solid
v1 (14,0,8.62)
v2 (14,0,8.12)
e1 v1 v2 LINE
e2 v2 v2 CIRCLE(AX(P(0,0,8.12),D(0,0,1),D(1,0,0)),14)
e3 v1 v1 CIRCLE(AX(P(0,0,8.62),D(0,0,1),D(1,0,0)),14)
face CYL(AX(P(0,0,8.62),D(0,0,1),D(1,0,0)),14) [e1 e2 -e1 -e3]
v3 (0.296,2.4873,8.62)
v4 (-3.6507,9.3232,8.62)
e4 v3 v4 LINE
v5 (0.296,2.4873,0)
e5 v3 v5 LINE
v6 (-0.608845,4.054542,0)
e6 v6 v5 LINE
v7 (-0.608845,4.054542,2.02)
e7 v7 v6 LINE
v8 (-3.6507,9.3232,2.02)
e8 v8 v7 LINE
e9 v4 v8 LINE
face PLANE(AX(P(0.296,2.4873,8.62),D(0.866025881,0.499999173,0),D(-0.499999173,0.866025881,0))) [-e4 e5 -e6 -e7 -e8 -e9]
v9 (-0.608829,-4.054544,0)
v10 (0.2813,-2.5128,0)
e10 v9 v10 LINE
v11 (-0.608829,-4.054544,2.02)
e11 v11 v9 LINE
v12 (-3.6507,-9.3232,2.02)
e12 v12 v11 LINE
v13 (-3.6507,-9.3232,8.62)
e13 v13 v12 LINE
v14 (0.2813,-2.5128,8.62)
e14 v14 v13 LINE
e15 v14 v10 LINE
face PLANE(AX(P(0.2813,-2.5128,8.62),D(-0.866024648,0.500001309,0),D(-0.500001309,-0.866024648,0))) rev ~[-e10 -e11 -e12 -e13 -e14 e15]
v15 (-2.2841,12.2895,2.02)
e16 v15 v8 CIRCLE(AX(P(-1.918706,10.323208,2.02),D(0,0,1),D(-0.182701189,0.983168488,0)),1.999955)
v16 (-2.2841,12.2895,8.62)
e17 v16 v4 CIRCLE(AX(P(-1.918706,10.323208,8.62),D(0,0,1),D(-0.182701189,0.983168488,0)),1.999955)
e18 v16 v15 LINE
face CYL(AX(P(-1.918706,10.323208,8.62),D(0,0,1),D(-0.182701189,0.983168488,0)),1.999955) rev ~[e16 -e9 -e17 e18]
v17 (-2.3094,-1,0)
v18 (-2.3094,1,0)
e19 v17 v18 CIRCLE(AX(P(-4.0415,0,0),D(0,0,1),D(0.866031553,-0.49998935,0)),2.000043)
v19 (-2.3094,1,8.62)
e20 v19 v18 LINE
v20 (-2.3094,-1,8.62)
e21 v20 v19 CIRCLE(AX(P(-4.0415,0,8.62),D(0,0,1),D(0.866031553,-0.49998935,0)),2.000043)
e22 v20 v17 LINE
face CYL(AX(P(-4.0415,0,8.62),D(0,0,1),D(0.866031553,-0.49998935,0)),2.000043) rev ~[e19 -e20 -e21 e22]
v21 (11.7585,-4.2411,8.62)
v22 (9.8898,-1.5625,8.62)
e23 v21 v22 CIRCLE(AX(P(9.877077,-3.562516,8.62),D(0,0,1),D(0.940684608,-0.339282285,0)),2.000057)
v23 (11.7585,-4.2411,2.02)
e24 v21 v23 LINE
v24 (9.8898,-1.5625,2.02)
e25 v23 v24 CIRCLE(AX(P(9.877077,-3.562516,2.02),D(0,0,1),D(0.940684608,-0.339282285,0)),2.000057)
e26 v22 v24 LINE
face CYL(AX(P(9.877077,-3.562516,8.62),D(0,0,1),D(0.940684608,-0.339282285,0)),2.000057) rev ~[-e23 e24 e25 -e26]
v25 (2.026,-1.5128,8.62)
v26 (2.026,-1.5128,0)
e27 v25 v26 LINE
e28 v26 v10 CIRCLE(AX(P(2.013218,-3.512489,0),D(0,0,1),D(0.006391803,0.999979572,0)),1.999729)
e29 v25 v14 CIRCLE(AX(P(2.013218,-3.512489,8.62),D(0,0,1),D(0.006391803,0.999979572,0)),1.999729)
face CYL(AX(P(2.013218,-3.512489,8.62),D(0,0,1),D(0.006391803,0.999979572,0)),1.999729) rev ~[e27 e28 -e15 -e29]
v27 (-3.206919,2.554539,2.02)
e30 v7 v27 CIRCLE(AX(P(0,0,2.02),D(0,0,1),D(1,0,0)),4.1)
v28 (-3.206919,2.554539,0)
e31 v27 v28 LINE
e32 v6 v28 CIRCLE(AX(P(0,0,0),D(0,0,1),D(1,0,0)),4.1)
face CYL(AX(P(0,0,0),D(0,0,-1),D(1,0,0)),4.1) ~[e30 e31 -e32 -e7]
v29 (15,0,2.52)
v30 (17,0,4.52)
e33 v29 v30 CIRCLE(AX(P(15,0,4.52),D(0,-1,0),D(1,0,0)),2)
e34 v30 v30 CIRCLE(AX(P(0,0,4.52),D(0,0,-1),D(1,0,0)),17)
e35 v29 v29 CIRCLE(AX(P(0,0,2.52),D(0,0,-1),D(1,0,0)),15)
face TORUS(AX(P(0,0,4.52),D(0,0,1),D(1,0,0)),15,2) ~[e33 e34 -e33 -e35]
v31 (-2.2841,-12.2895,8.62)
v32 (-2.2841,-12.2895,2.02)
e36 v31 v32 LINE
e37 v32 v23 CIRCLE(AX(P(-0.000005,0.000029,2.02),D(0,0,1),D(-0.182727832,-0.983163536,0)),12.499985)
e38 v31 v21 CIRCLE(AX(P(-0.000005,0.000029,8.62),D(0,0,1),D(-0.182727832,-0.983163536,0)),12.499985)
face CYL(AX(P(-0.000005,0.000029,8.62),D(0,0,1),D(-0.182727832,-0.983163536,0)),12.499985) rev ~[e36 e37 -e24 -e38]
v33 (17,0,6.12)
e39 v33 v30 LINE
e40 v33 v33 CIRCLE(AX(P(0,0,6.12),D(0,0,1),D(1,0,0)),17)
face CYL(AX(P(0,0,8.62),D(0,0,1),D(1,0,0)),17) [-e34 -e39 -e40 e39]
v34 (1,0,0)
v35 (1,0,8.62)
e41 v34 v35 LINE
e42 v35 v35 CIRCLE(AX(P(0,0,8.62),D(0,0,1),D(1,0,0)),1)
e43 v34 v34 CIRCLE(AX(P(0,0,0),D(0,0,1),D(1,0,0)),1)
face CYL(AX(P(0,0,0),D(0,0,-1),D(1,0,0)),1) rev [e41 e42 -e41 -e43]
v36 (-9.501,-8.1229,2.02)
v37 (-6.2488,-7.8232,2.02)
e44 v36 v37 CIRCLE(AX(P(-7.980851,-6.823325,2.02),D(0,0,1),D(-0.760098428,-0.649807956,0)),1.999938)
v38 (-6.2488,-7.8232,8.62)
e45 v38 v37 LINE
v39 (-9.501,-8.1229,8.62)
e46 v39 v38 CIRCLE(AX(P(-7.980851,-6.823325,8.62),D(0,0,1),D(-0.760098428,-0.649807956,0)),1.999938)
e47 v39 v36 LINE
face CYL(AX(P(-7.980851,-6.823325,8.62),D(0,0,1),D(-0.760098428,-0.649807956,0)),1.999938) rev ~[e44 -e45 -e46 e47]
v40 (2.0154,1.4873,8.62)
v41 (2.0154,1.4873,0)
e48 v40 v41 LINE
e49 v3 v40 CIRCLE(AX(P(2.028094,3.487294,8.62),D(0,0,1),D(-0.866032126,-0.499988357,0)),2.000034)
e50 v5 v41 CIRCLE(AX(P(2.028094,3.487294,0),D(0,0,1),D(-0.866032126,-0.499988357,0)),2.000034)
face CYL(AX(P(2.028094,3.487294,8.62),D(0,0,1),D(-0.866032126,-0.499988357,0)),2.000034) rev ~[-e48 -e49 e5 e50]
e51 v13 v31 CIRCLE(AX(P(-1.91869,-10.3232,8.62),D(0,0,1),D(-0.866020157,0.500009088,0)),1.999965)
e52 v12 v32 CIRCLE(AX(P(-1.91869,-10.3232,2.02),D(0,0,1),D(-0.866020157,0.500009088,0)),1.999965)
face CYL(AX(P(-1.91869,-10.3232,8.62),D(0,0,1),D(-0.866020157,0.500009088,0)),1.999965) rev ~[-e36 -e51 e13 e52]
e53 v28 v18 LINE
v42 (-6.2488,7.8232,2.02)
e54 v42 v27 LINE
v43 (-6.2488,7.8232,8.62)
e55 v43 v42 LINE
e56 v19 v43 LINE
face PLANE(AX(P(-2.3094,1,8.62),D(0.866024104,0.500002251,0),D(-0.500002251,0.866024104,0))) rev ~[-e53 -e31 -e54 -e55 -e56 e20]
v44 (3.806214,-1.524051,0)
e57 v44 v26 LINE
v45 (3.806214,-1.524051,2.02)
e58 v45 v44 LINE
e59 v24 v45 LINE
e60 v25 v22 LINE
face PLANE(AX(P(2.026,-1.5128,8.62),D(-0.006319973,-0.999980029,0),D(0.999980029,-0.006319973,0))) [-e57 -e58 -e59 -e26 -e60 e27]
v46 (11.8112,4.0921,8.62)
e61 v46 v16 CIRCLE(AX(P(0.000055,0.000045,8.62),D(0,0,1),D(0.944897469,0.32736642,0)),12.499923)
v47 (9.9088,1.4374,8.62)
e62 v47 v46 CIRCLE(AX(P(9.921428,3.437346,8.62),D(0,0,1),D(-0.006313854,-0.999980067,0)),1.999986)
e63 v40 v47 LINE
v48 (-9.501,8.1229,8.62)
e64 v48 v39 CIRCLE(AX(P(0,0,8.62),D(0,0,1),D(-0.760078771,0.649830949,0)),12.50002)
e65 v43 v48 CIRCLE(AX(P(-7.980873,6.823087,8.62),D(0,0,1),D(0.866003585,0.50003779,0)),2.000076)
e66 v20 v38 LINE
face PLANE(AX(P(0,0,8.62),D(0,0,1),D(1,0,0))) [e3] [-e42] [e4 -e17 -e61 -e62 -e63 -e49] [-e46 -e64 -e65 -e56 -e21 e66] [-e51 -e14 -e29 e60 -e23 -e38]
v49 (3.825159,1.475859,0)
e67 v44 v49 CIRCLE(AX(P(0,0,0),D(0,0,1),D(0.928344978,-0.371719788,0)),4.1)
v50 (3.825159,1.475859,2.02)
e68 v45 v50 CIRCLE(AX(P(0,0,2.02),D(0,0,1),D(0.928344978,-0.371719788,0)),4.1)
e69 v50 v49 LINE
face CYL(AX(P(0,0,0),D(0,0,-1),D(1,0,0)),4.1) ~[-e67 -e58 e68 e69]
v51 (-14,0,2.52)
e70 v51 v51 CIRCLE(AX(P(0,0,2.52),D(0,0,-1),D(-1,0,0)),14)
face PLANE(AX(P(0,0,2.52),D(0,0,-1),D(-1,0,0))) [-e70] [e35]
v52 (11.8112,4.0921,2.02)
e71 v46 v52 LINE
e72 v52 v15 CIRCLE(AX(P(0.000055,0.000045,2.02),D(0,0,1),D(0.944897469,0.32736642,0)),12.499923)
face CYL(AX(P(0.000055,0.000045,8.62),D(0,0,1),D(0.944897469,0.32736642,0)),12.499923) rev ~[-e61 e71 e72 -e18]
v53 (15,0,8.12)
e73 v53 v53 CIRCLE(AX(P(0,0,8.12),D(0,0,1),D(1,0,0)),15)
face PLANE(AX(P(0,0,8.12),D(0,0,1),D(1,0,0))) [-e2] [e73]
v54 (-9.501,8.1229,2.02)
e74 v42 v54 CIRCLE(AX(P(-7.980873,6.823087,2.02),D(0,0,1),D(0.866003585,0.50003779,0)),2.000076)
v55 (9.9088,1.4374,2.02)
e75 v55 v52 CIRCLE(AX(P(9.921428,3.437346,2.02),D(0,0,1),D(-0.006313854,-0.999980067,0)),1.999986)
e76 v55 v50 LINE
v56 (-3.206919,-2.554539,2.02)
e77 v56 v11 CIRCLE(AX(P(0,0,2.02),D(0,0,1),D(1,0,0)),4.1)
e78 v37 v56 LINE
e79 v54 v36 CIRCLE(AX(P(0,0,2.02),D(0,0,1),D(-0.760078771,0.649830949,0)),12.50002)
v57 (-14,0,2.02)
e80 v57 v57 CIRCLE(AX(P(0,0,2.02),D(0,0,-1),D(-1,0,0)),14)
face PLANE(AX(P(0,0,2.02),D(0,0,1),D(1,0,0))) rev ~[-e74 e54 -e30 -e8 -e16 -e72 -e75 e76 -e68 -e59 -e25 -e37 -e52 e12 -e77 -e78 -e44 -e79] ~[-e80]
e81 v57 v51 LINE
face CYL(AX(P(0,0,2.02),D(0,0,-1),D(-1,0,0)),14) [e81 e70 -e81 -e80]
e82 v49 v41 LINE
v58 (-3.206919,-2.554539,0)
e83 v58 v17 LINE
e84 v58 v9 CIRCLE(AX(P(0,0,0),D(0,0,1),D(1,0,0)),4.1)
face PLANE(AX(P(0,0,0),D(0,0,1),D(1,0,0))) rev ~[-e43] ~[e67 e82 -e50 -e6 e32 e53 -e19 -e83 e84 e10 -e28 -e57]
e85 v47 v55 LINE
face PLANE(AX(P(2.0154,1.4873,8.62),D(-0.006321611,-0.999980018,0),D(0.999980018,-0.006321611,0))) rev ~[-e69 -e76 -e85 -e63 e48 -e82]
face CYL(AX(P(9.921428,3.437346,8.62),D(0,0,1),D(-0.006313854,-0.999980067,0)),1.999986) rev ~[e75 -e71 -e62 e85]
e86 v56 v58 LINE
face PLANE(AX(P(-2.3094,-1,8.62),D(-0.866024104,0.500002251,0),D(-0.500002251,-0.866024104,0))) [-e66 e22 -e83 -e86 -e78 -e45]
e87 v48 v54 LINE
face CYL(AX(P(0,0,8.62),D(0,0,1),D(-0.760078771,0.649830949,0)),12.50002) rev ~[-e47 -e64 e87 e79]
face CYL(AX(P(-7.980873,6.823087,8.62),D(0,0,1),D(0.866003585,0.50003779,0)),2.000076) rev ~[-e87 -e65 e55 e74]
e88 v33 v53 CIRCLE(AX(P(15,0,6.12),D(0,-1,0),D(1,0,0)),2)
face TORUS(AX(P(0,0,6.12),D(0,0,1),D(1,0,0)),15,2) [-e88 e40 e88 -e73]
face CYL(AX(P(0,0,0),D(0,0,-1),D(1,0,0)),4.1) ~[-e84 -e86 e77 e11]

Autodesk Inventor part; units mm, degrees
ref_plane "YZ Plane" through (0, 0, 0) normal (1, 0, 0) x (0, 1, 0)
ref_plane "XZ Plane" through (0, 0, 0) normal (0, 1, 0) x (-1, 0, 0)
ref_plane "XY Plane" through (0, 0, 0) normal (0, 0, 1) x (1, 0, 0)
sketch "스케치1" plane through (0, 0, 0) normal (0, 0, 1) x (1, 0, 0)
  circle A0 centre (0, 0) radius 4.1
  circle A1 centre (0, 0) radius 1 projected
  dimension "d0" = 8.2
extrude "돌출1" add sketch "스케치1" along normal blind 8.62
sketch "스케치2" plane through (0, 0, 8.62) normal (0, 0, 1) x (1, 0, 0)
  circle A0 centre (0, 0) radius 17
  circle A1 centre (0, 0) radius 4.1 projected
  dimension "d3" = 34
extrude "돌출2" add sketch "스케치2" against normal blind 6.6
sketch "스케치3" plane through (0, 0, 8.62) normal (0, 0, 1) x (1, 0, 0)
  point P0 (0, 0)
sketch "스케치4" plane through (0, 0, 8.62) normal (0, 0, 1) x (1, 0, 0)
  circle A0 centre (0, 0) radius 17 projected
  circle A1 centre (0, 0) radius 1 projected
  circle A2 centre (0, 0) radius 14
  dimension "d6" = 3
extrude "돌출3" cut sketch "스케치4" against normal blind 0.5 contours A0
sketch "스케치5" plane through (0, 0, 2.02) normal (0, 0, -1) x (-1, 0, 0)
  circle A0 centre (0, 0) radius 4.1 projected
  circle A1 centre (0, 0) radius 17 projected
  circle A2 centre (0, 0) radius 14 projected
extrude "돌출4" cut sketch "스케치5" against normal blind 0.5 contours A1
fillet "모깎기1" radius 2 2 edges at (-17, 0, 2.52) (-17, 0, 8.12)
sketch "스케치6" plane through (0, 0, 8.62) normal (0, 0, 1) x (1, 0, 0)
  circle A0 centre (0, 0) radius 14 projected
  circle A1 centre (0, 0) radius 1 projected
  circle A2 centre (0, 0) radius 14
  circle A3 centre (0, 0) radius 14 projected
  line L0 (0, 0) -> (1, 0) construction
  line L1 (0, 0) -> (-0.5, -0.866)
  line L2 (2.026, -1.5128) -> (9.8898, -1.5625)
  line L3 (0.866, -1.5) -> (0.8629, -1.5055)
  line L4 (-2.3094, -1) -> (-6.2488, -7.8232)
  line L5 (13.9097, -1.5879) -> (13.9902, -1.5884)
  line L6 (0.296, 2.4873) -> (-3.6507, 9.3232)
  line L7 (-2.3094, 1) -> (-6.2488, 7.8232)
  line L8 (-8.2587, 11.3046) -> (-8.299, 11.3744)
  line L9 (-5.6607, 12.8046) -> (-5.701, 12.8744)
  arc A4 (-2.2841, -12.2895) -> (11.7585, -4.2411) centre (0, 0) ccw
  line L10 (0, 0) -> (1, -0.0063)
  line L11 (0.2813, -2.5128) -> (-3.6507, -9.3232)
  line L12 (-5.6607, -12.8046) -> (-5.701, -12.8744)
  line L13 (0, 0) -> (-0.5, 0.866)
  line L14 (2.0154, 1.4873) -> (9.9088, 1.4374)
  line L15 (13.9286, 1.412) -> (14.0092, 1.4115)
  arc A5 (11.8112, 4.0921) -> (-2.2841, 12.2895) centre (0, 0) ccw
  arc A6 (-9.501, 8.1229) -> (-9.501, -8.1229) centre (0, 0) ccw
  line L16 (0, 0) -> (1, 0) construction
  arc A7 (9.9088, 1.4374) -> (11.8112, 4.0921) centre (9.9214, 3.4374) ccw
  arc A8 (-2.2841, 12.2895) -> (-3.6507, 9.3232) centre (-1.9187, 10.3232) ccw
  arc A9 (0.296, 2.4873) -> (2.0154, 1.4873) centre (2.0281, 3.4873) ccw
  arc A10 (2.026, -1.5128) -> (0.2813, -2.5128) centre (2.0133, -3.5128) ccw
  arc A11 (11.7585, -4.2411) -> (9.8898, -1.5625) centre (9.8772, -3.5625) ccw
  arc A12 (-3.6507, -9.3232) -> (-2.2841, -12.2895) centre (-1.9187, -10.3232) ccw
  arc A13 (-9.501, -8.1229) -> (-6.2488, -7.8232) centre (-7.9808, -6.8232) ccw
  arc A14 (-6.2488, 7.8232) -> (-9.501, 8.1229) centre (-7.9808, 6.8232) ccw
  arc A15 (-2.3094, -1) -> (-2.3094, 1) centre (-4.0415, 0) ccw
  point P0 (12.4189, 1.4215)
  point P1 (12.3999, -1.5784)
  point P2 (-4.9058, -11.4971)
  point P3 (-7.5039, -9.9971)
  point P4 (-7.5039, 9.9971)
  point P5 (-4.9058, 11.4971)
  dimension "d26" = 1.5
  dimension "d28" = 1.5
  dimension "d29" = 2
extrude "돌출5" cut sketch "스케치6" against normal up to next contours L2 A11 A4 A12 L11 A10 | L4 A13 A6 A14 L7 A15 | L6 A8 A5 A7 L14 A9
properties part number "n2_miniWheel"
